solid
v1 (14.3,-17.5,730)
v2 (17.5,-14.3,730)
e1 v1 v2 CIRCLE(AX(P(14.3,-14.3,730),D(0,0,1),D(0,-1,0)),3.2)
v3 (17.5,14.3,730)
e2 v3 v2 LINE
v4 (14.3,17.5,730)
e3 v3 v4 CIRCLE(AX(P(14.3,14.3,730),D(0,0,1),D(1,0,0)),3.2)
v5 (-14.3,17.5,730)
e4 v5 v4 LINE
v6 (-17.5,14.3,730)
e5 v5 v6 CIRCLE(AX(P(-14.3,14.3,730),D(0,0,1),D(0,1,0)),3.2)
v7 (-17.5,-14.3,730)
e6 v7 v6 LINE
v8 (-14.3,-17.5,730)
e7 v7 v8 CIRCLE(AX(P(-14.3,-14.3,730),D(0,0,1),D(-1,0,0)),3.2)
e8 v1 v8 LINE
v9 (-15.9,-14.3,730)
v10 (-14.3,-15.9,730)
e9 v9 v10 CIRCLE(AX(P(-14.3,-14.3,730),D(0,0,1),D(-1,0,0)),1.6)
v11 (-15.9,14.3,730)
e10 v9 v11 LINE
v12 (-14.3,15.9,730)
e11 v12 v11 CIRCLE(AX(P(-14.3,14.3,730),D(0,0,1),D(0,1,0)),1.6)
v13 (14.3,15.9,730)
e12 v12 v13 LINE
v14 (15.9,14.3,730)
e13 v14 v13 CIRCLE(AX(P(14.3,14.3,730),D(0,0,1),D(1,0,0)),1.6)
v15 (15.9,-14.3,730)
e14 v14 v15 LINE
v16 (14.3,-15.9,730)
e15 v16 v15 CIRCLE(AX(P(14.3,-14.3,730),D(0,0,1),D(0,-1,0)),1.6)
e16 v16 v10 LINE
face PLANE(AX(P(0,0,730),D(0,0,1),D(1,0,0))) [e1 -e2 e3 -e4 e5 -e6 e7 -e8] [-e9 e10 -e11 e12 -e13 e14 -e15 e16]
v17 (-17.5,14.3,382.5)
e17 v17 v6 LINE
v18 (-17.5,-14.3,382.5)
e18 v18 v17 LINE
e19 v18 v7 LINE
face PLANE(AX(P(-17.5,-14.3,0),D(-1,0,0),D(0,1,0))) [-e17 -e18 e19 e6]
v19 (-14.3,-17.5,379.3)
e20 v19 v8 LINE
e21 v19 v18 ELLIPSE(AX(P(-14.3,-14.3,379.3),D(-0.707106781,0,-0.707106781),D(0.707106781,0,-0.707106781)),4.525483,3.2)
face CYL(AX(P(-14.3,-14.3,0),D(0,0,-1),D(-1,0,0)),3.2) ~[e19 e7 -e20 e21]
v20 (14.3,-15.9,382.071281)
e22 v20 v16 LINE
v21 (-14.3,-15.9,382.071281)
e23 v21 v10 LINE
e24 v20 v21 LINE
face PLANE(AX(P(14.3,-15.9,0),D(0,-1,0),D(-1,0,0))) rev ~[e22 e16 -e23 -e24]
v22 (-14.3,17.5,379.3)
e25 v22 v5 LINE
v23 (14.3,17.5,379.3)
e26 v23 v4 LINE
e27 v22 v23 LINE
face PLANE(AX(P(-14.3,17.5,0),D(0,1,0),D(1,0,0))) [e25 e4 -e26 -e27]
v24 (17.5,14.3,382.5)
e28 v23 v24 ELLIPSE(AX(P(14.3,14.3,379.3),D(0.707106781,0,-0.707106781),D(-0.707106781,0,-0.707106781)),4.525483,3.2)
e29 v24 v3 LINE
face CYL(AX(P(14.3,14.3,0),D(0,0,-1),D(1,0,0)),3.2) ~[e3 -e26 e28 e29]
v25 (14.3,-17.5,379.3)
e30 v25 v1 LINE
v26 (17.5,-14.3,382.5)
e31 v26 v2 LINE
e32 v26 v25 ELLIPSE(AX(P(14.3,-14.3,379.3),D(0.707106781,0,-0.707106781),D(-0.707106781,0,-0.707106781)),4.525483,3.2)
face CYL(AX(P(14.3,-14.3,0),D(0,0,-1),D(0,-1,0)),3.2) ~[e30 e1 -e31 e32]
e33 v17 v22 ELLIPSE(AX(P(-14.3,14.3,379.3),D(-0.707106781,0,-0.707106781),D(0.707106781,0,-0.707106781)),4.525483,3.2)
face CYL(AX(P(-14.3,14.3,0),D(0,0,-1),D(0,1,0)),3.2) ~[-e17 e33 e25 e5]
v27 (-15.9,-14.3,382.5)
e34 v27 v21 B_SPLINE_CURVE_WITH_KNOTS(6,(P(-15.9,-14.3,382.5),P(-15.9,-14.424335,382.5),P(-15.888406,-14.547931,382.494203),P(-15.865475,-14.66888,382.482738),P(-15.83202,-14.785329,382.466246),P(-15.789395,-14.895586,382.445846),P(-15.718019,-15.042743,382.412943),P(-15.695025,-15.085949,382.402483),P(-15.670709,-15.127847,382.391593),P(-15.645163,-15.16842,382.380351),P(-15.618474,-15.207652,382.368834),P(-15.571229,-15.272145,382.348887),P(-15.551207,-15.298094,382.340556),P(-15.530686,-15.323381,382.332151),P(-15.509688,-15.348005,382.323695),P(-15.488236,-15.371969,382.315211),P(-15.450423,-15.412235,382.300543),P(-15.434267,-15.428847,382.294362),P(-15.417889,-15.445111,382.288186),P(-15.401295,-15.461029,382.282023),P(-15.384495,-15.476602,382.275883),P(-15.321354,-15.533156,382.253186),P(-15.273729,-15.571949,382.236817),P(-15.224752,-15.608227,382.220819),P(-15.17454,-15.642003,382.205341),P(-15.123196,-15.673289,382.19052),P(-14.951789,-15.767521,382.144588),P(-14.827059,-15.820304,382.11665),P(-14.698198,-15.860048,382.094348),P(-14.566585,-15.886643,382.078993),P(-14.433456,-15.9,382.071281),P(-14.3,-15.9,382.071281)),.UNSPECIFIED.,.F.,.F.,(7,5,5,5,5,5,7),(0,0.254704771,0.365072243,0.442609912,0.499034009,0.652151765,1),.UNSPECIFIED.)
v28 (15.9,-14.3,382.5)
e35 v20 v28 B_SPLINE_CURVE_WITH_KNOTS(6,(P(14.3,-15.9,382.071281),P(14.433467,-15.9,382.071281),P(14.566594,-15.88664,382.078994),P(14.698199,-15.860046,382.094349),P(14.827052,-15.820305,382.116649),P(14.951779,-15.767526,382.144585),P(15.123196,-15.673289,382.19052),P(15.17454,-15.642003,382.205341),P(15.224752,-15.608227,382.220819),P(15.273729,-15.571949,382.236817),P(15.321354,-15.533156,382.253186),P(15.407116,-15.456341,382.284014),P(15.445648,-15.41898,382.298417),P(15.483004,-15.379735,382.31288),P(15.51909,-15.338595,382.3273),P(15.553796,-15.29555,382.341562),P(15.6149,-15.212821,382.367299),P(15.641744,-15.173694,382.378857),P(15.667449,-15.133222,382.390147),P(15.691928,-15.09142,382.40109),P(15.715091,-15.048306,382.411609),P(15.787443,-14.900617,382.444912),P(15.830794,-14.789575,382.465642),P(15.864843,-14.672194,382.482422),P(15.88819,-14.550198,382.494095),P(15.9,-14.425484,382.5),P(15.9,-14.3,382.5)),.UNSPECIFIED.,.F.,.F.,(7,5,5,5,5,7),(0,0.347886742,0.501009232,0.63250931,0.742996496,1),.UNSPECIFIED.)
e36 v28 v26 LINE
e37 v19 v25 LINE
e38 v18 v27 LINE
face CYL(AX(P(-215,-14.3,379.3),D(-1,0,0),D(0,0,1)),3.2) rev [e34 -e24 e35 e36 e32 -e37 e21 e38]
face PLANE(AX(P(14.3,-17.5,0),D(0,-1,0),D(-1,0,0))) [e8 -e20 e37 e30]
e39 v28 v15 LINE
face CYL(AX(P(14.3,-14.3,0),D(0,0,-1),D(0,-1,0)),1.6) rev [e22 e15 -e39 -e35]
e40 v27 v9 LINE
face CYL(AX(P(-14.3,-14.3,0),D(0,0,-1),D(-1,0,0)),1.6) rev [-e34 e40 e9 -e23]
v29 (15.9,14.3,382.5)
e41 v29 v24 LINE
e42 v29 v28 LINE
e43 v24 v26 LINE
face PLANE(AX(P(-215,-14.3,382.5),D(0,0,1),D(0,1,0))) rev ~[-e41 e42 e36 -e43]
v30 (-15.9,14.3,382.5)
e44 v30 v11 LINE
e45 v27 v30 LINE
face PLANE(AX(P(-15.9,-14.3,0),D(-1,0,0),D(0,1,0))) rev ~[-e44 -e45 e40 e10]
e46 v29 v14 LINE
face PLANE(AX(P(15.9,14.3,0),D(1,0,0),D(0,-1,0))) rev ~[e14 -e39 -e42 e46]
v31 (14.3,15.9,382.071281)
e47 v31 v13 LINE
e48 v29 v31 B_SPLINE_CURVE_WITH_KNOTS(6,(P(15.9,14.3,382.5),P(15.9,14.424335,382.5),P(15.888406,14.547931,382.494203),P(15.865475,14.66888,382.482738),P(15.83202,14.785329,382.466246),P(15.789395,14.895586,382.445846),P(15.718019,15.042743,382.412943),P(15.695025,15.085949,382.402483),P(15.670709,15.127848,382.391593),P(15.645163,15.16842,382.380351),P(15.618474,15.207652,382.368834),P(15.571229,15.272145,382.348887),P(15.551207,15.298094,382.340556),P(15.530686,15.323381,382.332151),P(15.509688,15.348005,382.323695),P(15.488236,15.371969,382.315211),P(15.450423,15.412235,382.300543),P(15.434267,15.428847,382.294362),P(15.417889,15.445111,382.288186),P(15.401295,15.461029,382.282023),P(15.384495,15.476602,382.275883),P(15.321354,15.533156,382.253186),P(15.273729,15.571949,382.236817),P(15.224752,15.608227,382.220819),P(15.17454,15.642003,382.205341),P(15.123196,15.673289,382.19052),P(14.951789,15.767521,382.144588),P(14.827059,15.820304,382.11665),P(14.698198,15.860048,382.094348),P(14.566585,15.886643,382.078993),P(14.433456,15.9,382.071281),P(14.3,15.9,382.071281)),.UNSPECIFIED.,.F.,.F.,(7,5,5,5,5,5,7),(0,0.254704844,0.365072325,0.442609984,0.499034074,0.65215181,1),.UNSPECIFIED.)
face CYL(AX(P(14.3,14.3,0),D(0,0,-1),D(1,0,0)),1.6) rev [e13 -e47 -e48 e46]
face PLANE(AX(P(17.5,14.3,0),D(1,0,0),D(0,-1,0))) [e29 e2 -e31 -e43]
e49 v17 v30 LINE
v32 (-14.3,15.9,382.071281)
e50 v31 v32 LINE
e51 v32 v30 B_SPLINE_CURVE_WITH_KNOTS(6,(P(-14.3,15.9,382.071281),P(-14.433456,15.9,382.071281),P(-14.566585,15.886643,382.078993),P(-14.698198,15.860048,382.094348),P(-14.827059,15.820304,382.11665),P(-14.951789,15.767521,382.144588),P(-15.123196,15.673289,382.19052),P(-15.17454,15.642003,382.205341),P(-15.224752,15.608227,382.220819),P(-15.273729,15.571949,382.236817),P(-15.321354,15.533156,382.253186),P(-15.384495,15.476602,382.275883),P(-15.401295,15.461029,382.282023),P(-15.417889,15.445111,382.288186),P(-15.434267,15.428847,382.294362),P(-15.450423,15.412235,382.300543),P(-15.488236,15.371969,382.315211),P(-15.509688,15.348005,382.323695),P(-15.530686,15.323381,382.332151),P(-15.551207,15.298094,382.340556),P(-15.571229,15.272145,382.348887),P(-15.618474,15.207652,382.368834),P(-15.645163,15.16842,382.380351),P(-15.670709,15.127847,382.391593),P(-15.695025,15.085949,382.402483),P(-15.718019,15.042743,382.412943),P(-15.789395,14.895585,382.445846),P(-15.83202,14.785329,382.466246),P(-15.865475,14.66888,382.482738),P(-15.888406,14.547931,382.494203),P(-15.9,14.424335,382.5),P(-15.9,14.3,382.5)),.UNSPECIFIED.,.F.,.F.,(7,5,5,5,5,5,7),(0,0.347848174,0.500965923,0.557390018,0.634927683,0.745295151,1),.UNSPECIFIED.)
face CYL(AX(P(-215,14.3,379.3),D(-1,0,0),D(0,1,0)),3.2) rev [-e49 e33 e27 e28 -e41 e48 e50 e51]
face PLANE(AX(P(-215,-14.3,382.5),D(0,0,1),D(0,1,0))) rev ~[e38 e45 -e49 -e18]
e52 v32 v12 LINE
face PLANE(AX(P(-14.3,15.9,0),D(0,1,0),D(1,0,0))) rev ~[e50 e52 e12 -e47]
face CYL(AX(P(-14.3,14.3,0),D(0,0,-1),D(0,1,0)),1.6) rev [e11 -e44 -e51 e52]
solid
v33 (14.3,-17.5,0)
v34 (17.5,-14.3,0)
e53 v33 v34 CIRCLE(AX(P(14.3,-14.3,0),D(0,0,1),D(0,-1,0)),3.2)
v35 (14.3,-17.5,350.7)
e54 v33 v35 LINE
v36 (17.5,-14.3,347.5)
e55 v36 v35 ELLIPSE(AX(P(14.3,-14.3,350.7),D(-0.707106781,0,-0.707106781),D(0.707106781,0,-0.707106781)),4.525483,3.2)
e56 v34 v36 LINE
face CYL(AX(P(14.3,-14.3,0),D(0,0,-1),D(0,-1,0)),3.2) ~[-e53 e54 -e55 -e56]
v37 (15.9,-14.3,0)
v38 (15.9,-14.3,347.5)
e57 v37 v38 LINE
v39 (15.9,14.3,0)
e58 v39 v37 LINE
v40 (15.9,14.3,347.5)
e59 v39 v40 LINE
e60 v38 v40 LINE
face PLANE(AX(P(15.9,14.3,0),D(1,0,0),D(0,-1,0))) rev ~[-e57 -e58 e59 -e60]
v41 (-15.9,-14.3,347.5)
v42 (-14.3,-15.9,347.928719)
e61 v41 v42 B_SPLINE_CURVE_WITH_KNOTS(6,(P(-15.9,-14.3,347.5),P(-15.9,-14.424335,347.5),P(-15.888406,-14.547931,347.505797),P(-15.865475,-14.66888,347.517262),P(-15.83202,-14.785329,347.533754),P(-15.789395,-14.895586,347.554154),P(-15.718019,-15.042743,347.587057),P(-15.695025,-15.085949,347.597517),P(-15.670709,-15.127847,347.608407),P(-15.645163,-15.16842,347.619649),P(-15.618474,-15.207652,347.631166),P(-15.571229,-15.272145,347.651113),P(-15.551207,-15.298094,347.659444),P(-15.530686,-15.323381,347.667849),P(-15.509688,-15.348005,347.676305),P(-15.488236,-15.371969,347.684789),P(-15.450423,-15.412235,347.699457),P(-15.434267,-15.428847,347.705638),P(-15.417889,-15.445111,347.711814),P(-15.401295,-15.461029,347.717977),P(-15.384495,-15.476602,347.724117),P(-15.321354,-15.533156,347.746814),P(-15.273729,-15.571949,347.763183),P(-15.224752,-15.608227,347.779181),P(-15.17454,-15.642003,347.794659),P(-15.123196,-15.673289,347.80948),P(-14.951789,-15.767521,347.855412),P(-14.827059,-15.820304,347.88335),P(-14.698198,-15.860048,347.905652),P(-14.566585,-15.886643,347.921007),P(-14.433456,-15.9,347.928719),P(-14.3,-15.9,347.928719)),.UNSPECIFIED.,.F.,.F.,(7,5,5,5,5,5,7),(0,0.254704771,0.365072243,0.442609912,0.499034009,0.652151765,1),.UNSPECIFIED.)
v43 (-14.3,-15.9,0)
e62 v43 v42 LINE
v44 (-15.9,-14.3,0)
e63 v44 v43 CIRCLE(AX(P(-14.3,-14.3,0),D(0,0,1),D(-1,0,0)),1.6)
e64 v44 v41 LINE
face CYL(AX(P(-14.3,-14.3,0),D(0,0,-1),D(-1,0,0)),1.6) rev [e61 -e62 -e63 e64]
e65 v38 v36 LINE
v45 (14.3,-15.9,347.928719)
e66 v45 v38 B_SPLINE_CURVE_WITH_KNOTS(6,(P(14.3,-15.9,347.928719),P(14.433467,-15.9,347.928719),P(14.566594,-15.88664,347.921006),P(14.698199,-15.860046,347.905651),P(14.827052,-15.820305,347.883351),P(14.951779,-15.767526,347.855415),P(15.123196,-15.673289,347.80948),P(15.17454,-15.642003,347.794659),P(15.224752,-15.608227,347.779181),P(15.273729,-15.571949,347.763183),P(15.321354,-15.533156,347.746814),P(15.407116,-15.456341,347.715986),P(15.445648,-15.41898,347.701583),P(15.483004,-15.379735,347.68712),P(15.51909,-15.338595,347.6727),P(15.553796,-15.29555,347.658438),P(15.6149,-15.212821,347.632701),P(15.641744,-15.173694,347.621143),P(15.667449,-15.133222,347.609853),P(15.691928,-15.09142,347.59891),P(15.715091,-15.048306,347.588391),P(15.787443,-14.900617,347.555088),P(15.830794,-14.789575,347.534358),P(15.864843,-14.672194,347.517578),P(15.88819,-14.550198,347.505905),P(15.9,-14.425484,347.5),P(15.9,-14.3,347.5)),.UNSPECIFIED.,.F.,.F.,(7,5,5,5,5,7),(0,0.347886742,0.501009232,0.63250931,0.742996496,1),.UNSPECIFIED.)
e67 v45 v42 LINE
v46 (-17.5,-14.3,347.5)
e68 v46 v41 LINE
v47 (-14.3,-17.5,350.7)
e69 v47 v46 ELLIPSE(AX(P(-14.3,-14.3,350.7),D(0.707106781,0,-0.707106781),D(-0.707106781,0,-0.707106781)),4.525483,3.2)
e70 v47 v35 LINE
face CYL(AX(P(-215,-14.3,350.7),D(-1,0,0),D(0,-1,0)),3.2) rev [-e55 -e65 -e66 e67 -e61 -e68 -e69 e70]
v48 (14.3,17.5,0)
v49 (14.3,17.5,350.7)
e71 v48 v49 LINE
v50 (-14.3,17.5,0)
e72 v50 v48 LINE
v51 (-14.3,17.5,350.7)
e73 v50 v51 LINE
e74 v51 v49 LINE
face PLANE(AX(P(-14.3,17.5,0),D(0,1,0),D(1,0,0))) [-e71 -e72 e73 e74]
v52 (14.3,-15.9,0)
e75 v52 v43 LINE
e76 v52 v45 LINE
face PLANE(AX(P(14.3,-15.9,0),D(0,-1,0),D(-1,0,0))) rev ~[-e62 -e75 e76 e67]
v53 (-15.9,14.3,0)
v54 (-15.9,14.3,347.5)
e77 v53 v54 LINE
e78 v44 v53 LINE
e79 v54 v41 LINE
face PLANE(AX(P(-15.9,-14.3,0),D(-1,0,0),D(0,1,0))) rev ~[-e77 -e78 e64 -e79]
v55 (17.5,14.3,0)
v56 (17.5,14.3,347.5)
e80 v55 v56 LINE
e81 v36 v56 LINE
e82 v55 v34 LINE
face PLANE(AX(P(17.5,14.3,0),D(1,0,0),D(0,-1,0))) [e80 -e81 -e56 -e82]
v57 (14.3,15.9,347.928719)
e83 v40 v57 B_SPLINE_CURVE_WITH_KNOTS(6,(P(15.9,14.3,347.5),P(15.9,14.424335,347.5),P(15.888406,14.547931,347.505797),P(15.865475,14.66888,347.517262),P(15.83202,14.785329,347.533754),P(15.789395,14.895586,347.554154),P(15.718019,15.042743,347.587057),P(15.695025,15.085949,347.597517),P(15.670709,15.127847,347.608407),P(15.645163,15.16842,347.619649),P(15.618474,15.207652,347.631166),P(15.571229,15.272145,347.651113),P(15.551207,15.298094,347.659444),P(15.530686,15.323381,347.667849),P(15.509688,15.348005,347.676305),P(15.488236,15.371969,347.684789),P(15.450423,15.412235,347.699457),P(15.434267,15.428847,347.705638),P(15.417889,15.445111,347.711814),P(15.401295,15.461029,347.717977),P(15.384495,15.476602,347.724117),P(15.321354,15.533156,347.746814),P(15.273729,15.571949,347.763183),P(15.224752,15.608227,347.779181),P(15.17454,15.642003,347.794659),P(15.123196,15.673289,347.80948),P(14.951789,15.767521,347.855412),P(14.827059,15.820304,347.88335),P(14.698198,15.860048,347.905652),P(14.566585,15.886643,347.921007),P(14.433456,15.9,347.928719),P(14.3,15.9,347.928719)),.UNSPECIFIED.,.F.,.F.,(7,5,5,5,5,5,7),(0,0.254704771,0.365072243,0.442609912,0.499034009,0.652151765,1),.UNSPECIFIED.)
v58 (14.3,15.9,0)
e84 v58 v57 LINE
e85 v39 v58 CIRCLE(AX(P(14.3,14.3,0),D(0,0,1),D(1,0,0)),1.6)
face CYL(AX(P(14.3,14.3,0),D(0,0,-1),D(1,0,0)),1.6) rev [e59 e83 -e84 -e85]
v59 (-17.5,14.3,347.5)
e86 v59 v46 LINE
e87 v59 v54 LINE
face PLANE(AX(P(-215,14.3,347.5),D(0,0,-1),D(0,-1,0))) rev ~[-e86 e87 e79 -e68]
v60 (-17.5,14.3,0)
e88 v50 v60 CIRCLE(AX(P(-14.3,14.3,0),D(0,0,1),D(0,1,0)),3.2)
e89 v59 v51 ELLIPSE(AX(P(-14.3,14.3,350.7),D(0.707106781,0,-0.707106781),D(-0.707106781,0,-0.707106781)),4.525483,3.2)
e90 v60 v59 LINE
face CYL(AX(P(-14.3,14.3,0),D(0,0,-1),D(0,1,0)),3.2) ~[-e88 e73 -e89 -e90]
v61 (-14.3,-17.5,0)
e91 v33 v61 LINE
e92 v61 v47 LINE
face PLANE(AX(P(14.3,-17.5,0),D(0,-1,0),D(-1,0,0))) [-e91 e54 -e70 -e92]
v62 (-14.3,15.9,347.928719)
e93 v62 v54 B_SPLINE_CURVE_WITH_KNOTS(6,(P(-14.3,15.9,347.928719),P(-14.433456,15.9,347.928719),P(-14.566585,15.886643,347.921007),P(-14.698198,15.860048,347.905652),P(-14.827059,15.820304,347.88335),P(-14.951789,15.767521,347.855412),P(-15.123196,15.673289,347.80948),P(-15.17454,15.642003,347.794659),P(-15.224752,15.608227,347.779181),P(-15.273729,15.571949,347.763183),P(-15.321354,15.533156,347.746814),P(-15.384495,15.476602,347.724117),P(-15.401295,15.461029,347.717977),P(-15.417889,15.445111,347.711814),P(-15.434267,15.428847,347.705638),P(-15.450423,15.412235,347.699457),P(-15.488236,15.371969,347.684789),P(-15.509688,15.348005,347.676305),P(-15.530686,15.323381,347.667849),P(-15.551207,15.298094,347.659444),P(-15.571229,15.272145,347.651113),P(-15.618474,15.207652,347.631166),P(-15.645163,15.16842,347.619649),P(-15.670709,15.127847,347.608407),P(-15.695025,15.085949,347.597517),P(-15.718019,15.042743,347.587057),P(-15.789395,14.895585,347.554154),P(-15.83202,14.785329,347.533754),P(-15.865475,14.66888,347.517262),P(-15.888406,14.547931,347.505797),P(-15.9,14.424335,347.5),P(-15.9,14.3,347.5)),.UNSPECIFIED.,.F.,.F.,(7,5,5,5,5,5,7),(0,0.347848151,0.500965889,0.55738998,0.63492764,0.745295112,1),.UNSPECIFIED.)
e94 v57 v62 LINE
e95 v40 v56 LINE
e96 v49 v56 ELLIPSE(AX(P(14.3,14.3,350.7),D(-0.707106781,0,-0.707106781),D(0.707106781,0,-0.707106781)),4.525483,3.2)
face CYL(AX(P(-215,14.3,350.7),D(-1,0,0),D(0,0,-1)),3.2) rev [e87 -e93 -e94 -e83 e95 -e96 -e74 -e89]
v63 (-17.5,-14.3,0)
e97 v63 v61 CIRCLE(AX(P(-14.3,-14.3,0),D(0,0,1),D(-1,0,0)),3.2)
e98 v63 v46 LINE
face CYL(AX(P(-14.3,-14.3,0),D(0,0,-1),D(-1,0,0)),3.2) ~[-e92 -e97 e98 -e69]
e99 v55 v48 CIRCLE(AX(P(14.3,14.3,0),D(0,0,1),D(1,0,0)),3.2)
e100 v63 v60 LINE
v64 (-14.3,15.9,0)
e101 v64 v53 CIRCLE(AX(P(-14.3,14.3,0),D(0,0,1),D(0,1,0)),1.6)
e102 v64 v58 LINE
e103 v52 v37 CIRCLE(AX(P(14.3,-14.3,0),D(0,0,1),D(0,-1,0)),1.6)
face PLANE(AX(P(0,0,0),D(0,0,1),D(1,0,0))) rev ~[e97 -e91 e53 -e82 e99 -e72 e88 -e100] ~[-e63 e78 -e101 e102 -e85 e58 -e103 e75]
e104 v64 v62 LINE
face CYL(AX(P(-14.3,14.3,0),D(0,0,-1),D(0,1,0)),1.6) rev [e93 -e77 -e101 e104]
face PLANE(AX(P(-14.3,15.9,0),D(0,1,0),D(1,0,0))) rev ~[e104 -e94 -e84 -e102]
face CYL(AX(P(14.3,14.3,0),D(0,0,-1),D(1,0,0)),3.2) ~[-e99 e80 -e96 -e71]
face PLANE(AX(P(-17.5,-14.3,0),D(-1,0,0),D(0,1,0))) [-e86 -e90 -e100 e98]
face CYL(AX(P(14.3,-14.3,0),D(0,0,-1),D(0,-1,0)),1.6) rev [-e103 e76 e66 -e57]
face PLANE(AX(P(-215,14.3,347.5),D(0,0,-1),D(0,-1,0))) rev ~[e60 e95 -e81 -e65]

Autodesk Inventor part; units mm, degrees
ref_plane "Start plane" through (0, 0, 0) normal (0, 0, 1) x (1, 0, 0)
ref_plane "End plane" through (0, 0, 730) normal (0, 0, 1) x (1, 0, 0)
sketch "Sketch" plane through (0, 0, 0) normal (0, 0, 1) x (1, 0, 0)
  line L0 (-17.5, -14.3) -> (-17.5, 14.3)
  line L1 (-14.3, 17.5) -> (14.3, 17.5)
  line L2 (17.5, 14.3) -> (17.5, -14.3)
  line L3 (14.3, -17.5) -> (-14.3, -17.5)
  arc A0 (-17.5, -14.3) -> (-14.3, -17.5) centre (-14.3, -14.3) ccw
  arc A1 (-14.3, 17.5) -> (-17.5, 14.3) centre (-14.3, 14.3) ccw
  arc A2 (17.5, 14.3) -> (14.3, 17.5) centre (14.3, 14.3) ccw
  arc A3 (14.3, -17.5) -> (17.5, -14.3) centre (14.3, -14.3) ccw
  arc A4 (-14.3, 15.9) -> (-15.9, 14.3) centre (-14.3, 14.3) ccw
  line L4 (-14.3, 15.9) -> (14.3, 15.9)
  arc A5 (15.9, 14.3) -> (14.3, 15.9) centre (14.3, 14.3) ccw
  line L5 (15.9, 14.3) -> (15.9, -14.3)
  arc A6 (14.3, -15.9) -> (15.9, -14.3) centre (14.3, -14.3) ccw
  line L6 (14.3, -15.9) -> (-14.3, -15.9)
  arc A7 (-15.9, -14.3) -> (-14.3, -15.9) centre (-14.3, -14.3) ccw
  line L7 (-15.9, -14.3) -> (-15.9, 14.3)
  line L8 (0, 25.4278) -> (0, -25.4278) construction
  line L9 (-25.4278, 0) -> (25.4278, 0) construction
  dimension "d7" = 3.2
  dimension "d10" = 35
  dimension "d11" = 35
  dimension "d12" = 1.6
  dimension "d15" = 17.5
  dimension "d16" = 17.5
extrude "Body" add sketch "Sketch" along normal up to surface (730 mm away) from surface at 0
sketch "Sketch3" plane through (0, 0, 0) normal (0, 0, 1) x (1, 0, 0)
  line L0 (0, 0) -> (10, 0)
ref_plane "Work Plane3" through (0, 0, 0) normal (0, -1, 0) x (1, 0, 0)
sketch "Sketch4" plane through (0, 0, 0) normal (0, -1, 0) x (1, 0, 0)
  line L0 (-2, 0) -> (12, 0)
  line L1 (-2, 730) -> (12, 730)
  dimension "d18" = 730
ref_plane "Work Plane4" through (-215, 0, 365) normal (1, 0, 0) x (0, 0, -1)
ref_plane "Work Plane5" through (215, 0, 365) normal (1, 0, 0) x (0, 0, -1)
ref_plane "Work Plane6" through (0, 0, 365) normal (1, 0, 0) x (0, 0, -1)
sketch "Sketch5" plane through (0, 0, 365) normal (1, 0, 0) x (0, 0, -1)
  arc A0 (-17.5, -14.3) -> (-14.3, -17.5) centre (-14.3, -14.3) ccw
  line L0 (-17.5, -14.3) -> (-17.5, 14.3)
  arc A1 (-14.3, 17.5) -> (-17.5, 14.3) centre (-14.3, 14.3) ccw
  line L1 (-14.3, 17.5) -> (14.3, 17.5)
  arc A2 (17.5, 14.3) -> (14.3, 17.5) centre (14.3, 14.3) ccw
  line L2 (17.5, 14.3) -> (17.5, -14.3)
  arc A3 (14.3, -17.5) -> (17.5, -14.3) centre (14.3, -14.3) ccw
  line L3 (14.3, -17.5) -> (-14.3, -17.5)
  arc A4 (-14.3, 15.9) -> (-15.9, 14.3) centre (-14.3, 14.3) ccw
  line L4 (-14.3, 15.9) -> (14.3, 15.9)
  arc A5 (15.9, 14.3) -> (14.3, 15.9) centre (14.3, 14.3) ccw
  line L5 (15.9, 14.3) -> (15.9, -14.3)
  arc A6 (14.3, -15.9) -> (15.9, -14.3) centre (14.3, -14.3) ccw
  line L6 (14.3, -15.9) -> (-14.3, -15.9)
  arc A7 (-15.9, -14.3) -> (-14.3, -15.9) centre (-14.3, -14.3) ccw
  line L7 (-15.9, -14.3) -> (-15.9, 14.3)
extrude "Extrusion2" cut sketch "Sketch5" along normal up to surface (430 mm away) from surface at -215 contours L0 A1 L1 A2 L2 A3 L3 A0 | L4 A5 L5 A6 L6 A7 L7 A4
equation "\"d7\" = G_IR"
equation "\"d10\" = G_H"
equation "\"d11\" = G_W"
equation "\"d12\" = G_T"
equation "\"d15\" = 0.5 * d10"
equation "\"d16\" = 0.5 * d11"
equation "\"d3\" = G_L"
equation "\"G_W\" = 35"
equation "\"G_H\" = 35"
equation "\"G_T\" = 1.6"
equation "\"G_IR\" = 3.2"
equation "\"G_L\" = d18"
equation "\"G_OFFSET_START\" = 0"
equation "\"G_OFFSET_END\" = 0"
properties part number "AS C350L0 35x35x3.0 SHS 00000048" material "Steel, Mild"
